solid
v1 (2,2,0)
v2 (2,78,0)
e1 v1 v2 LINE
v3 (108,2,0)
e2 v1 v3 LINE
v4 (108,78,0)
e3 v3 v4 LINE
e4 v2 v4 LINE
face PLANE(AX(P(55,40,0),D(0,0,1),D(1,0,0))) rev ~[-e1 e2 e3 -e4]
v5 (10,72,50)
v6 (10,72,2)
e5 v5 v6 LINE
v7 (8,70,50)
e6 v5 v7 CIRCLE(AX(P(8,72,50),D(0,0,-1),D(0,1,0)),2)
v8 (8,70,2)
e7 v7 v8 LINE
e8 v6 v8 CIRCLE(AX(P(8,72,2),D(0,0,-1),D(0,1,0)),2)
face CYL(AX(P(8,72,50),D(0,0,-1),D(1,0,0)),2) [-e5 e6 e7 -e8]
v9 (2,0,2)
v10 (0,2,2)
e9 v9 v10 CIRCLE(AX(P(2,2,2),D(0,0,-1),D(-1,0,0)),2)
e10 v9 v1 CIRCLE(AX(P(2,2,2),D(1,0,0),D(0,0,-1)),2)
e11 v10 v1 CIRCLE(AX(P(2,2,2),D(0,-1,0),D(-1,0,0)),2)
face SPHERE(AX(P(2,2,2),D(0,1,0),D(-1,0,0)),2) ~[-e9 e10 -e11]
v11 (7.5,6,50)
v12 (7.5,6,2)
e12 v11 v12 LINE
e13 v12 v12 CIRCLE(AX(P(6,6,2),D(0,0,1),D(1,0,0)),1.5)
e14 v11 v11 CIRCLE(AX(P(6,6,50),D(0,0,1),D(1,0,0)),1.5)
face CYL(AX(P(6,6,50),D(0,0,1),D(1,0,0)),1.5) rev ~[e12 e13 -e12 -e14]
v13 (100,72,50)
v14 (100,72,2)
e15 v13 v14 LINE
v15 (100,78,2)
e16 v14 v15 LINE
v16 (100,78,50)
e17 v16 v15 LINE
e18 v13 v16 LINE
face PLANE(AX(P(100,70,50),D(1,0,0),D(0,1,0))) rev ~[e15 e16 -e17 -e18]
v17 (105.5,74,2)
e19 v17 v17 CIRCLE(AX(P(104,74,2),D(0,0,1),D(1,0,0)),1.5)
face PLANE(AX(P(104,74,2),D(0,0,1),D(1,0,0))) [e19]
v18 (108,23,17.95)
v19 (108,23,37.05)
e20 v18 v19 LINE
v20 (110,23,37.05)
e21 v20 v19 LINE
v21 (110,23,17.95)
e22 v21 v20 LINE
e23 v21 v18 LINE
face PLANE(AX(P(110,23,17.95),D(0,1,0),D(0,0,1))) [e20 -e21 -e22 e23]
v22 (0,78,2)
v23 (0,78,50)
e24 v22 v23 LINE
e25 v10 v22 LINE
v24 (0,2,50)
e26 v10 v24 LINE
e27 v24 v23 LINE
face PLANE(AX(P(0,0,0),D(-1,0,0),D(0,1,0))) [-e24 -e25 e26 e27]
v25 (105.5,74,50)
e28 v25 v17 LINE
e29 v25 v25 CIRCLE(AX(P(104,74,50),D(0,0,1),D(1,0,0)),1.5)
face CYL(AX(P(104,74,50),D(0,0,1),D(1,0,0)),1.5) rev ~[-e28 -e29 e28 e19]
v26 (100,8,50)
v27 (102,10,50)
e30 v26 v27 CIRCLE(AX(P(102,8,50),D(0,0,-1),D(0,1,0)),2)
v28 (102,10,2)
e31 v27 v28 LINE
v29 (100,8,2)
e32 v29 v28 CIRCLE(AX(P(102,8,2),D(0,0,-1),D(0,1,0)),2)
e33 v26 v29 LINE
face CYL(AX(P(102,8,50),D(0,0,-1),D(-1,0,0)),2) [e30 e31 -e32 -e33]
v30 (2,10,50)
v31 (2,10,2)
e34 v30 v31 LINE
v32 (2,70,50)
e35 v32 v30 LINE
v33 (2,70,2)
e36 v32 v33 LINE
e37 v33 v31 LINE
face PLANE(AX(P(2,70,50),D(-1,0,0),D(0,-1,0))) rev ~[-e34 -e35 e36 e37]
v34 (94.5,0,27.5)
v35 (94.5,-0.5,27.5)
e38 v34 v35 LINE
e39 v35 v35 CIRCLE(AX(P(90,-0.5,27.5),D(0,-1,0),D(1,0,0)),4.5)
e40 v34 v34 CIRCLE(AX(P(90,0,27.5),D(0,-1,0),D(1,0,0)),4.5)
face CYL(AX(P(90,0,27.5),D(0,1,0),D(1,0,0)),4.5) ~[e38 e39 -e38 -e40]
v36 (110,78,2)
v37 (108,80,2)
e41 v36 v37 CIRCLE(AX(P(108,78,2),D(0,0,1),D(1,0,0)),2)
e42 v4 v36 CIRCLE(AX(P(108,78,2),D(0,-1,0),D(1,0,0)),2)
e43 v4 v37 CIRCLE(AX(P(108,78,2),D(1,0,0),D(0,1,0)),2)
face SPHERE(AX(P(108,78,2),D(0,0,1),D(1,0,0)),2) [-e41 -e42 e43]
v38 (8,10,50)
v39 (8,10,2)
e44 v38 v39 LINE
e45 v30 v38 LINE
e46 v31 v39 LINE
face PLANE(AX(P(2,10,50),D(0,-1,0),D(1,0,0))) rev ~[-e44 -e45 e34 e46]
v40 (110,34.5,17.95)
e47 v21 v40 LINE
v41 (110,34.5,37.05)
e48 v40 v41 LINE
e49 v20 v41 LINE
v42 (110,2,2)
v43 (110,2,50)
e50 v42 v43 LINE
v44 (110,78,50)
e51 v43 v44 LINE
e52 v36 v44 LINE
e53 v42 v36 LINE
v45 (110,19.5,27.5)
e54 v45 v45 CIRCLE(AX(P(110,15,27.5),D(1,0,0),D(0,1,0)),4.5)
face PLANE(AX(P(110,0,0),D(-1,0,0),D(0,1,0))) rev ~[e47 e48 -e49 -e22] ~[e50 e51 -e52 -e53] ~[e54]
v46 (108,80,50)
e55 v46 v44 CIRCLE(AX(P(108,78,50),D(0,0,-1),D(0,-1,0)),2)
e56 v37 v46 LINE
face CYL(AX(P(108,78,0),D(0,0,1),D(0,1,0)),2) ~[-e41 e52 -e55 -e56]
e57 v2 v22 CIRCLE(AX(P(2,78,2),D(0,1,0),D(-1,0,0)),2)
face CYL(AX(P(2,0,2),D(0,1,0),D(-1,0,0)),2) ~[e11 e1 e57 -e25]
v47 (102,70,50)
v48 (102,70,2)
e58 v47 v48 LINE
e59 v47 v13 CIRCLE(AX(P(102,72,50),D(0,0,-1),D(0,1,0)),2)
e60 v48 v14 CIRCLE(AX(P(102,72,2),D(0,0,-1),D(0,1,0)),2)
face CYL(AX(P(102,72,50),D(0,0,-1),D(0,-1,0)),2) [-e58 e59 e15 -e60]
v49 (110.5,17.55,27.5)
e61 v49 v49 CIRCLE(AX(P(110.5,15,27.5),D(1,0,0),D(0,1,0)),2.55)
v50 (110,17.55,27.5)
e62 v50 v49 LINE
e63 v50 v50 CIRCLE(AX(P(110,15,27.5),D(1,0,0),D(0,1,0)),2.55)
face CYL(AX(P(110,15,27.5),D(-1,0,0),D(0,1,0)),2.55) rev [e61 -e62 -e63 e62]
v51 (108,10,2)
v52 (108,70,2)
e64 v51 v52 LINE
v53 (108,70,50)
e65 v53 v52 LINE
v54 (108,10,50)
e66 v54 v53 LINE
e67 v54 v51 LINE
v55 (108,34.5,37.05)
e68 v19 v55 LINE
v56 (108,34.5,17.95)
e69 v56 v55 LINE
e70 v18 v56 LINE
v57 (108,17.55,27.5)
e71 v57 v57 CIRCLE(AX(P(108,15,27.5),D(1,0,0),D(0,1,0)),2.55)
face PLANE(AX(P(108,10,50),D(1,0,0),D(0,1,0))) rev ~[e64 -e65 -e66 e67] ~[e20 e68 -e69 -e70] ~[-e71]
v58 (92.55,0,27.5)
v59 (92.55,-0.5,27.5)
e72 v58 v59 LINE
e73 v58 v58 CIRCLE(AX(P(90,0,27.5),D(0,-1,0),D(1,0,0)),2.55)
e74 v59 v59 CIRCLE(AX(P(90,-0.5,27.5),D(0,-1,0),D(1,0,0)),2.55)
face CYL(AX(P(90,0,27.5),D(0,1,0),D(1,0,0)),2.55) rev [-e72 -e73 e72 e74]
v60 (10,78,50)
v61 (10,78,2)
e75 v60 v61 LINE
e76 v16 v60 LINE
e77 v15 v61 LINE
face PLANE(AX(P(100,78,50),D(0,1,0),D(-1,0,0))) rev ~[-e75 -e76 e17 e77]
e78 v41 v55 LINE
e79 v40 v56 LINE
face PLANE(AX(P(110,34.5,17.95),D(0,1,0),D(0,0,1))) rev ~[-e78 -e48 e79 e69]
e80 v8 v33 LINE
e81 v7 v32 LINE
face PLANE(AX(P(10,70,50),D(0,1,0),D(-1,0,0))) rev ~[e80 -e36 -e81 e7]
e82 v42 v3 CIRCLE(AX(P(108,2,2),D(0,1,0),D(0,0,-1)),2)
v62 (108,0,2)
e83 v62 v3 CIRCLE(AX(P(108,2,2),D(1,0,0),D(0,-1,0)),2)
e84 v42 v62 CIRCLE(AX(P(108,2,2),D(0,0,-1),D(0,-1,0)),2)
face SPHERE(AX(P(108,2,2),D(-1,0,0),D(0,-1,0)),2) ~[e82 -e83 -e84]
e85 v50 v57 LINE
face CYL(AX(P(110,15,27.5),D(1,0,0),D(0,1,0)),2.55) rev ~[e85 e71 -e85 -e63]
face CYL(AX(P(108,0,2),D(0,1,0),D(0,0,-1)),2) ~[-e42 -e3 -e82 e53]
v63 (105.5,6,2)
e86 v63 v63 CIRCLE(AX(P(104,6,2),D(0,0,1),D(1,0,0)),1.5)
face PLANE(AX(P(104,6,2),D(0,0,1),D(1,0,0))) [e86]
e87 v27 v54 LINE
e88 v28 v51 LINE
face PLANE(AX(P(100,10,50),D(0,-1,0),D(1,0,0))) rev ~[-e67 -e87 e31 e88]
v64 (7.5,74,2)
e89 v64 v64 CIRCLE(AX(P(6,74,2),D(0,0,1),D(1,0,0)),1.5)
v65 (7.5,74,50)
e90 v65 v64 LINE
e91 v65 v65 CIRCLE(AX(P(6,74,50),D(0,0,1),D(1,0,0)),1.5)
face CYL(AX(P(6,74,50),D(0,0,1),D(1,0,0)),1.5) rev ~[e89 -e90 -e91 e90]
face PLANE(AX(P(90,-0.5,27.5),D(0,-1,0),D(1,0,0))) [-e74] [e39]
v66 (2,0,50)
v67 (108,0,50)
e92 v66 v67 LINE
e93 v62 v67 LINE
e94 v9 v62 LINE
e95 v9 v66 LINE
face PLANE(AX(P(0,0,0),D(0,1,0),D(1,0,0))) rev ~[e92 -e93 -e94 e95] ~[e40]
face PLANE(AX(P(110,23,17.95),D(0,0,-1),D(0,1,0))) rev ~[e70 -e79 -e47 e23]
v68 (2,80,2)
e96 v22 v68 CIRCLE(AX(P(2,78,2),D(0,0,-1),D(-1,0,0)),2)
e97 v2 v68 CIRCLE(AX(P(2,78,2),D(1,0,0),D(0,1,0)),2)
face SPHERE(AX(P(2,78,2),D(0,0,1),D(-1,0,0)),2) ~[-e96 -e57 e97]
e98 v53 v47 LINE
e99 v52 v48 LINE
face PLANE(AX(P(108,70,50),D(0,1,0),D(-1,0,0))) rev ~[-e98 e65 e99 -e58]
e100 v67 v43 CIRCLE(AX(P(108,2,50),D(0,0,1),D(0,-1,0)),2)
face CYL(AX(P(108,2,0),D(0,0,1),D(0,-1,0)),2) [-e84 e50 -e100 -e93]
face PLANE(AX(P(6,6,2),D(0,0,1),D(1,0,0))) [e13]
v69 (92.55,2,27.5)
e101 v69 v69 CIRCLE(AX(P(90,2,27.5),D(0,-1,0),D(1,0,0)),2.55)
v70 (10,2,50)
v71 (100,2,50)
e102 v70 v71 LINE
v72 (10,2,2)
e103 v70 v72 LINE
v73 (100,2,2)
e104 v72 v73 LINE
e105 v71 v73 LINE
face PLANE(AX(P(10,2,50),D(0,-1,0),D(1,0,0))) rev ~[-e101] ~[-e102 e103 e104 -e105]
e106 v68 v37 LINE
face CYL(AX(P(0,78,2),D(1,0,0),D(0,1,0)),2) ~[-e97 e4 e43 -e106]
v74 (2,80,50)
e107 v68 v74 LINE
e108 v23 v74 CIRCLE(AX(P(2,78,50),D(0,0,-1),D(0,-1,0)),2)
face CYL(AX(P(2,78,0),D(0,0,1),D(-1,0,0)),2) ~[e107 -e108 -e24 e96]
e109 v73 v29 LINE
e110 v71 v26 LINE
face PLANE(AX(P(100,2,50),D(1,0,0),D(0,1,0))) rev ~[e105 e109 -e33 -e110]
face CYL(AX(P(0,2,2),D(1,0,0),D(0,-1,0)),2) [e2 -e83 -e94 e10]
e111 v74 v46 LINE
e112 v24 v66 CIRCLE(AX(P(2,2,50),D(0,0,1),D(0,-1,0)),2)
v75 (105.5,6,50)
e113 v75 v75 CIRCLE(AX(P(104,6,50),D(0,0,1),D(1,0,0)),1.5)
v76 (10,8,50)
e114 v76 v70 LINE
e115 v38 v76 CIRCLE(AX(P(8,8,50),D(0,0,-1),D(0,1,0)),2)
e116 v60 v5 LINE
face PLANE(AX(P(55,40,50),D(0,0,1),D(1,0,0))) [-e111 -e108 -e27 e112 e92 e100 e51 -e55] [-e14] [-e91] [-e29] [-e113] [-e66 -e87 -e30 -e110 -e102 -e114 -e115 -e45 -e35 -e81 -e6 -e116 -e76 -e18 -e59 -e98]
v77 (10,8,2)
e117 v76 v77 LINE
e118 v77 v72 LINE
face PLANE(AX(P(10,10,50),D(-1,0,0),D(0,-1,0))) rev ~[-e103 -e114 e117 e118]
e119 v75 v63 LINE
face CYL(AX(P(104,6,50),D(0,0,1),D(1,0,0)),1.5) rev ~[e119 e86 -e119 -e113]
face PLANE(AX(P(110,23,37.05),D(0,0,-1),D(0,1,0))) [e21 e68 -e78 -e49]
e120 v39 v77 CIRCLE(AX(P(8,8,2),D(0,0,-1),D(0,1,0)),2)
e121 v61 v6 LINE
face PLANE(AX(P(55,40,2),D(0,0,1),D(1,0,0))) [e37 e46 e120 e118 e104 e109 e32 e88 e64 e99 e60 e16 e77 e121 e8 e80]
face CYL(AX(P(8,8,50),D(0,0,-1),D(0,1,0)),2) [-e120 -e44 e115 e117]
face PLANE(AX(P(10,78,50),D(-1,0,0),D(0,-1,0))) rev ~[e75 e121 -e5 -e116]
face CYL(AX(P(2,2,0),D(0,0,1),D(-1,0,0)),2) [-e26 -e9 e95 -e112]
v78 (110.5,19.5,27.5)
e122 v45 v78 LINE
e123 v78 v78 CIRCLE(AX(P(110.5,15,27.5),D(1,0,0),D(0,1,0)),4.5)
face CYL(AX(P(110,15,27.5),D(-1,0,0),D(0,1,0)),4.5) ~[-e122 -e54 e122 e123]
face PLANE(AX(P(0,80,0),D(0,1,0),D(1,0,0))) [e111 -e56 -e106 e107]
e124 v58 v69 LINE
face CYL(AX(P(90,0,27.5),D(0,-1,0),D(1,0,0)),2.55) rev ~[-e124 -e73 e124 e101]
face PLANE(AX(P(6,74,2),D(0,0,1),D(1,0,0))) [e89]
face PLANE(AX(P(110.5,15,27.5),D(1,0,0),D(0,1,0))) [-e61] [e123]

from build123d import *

# Parameters (mm, degrees)
SKETCH_W        = 110
SKETCH_H        = 80
PAD_DEPTH       = 50
SKETCH001_R     = 1.5
POCKET_DEPTH    = 48
FILLET_R        = 2
FILLET001_R     = 2
SKETCH002_R     = 2.55
SKETCH002_W     = 11.5
SKETCH002_H     = 19.1
POCKET001_DEPTH = 5
SKETCH003_R     = 2.55
POCKET002_DEPTH = 5
SKETCH004_R     = 4.5
SKETCH004_R_2   = 2.55
PAD001_DEPTH    = 0.5
SKETCH005_R     = 4.5
SKETCH005_R_2   = 2.55
PAD002_DEPTH    = 0.5


with BuildPart() as part:
    # Sketch → Pad (new body)
    with BuildSketch(Plane.XY):
        with Locations((55, 40)):
            Rectangle(SKETCH_W, SKETCH_H)
    extrude(amount=PAD_DEPTH)

    # Sketch001 (on Face6 of Pad) → Pocket (cut)
    with BuildSketch(Plane.XY.offset(50)):
        with Locations((6, 74)):
            Circle(SKETCH001_R)
        with Locations((104, 74)):
            Circle(SKETCH001_R)
        with Locations((104, 6)):
            Circle(SKETCH001_R)
        with Locations((6, 6)):
            Circle(SKETCH001_R)
        Polygon((2, 10), (10, 10), (10, 2), (100, 2), (100, 10), (108, 10), (108, 70), (100, 70), (100, 78), (10, 78), (10, 70), (2, 70), align=None)
    extrude(amount=-POCKET_DEPTH, mode=Mode.SUBTRACT)

    # Fillet
    fillet_edges = [part.edges().sort_by_distance(p)[0] for p in [
        (0, 80, 25),
        (0, 40, 0),
        (0, 0, 25),
        (55, 0, 0),
        (110, 0, 25),
        (110, 80, 25),
        (110, 40, 0),
        (55, 80, 0),
    ]]
    fillet(fillet_edges, radius=FILLET_R)

    # Fillet001
    fillet001_edges = [part.edges().sort_by_distance(p)[0] for p in [
        (100, 10, 26),
        (100, 70, 26),
        (10, 70, 26),
        (10, 10, 26),
    ]]
    fillet(fillet001_edges, radius=FILLET001_R)

    # Sketch002 (on Face22 of Fillet001) → Pocket001 (cut)
    with BuildSketch(Plane.YZ.offset(110)):
        with Locations((15, 27.5)):
            Circle(SKETCH002_R)
        with Locations((28.75, 27.5)):
            Rectangle(SKETCH002_W, SKETCH002_H)
    extrude(amount=-POCKET001_DEPTH, mode=Mode.SUBTRACT)

    # Sketch003 (on Face18 of Pocket001) → Pocket002 (cut)
    with BuildSketch(Plane.XZ):
        with Locations((90, 27.5)):
            Circle(SKETCH003_R)
    extrude(amount=-POCKET002_DEPTH, mode=Mode.SUBTRACT)

    # Sketch004 (on Face22 of Pocket002) → Pad001 (join)
    with BuildSketch(Plane.YZ.offset(110)):
        with Locations((15, 27.5)):
            Circle(SKETCH004_R)
        with Locations((15, 27.5)):
            Circle(SKETCH004_R_2, mode=Mode.SUBTRACT)
    extrude(amount=PAD001_DEPTH)

    # Sketch005 (on Face18 of Pad001) → Pad002 (join)
    with BuildSketch(Plane.XZ):
        with Locations((90, 27.5)):
            Circle(SKETCH005_R)
        with Locations((90, 27.5)):
            Circle(SKETCH005_R_2, mode=Mode.SUBTRACT)
    extrude(amount=PAD002_DEPTH)


solid = part.part
